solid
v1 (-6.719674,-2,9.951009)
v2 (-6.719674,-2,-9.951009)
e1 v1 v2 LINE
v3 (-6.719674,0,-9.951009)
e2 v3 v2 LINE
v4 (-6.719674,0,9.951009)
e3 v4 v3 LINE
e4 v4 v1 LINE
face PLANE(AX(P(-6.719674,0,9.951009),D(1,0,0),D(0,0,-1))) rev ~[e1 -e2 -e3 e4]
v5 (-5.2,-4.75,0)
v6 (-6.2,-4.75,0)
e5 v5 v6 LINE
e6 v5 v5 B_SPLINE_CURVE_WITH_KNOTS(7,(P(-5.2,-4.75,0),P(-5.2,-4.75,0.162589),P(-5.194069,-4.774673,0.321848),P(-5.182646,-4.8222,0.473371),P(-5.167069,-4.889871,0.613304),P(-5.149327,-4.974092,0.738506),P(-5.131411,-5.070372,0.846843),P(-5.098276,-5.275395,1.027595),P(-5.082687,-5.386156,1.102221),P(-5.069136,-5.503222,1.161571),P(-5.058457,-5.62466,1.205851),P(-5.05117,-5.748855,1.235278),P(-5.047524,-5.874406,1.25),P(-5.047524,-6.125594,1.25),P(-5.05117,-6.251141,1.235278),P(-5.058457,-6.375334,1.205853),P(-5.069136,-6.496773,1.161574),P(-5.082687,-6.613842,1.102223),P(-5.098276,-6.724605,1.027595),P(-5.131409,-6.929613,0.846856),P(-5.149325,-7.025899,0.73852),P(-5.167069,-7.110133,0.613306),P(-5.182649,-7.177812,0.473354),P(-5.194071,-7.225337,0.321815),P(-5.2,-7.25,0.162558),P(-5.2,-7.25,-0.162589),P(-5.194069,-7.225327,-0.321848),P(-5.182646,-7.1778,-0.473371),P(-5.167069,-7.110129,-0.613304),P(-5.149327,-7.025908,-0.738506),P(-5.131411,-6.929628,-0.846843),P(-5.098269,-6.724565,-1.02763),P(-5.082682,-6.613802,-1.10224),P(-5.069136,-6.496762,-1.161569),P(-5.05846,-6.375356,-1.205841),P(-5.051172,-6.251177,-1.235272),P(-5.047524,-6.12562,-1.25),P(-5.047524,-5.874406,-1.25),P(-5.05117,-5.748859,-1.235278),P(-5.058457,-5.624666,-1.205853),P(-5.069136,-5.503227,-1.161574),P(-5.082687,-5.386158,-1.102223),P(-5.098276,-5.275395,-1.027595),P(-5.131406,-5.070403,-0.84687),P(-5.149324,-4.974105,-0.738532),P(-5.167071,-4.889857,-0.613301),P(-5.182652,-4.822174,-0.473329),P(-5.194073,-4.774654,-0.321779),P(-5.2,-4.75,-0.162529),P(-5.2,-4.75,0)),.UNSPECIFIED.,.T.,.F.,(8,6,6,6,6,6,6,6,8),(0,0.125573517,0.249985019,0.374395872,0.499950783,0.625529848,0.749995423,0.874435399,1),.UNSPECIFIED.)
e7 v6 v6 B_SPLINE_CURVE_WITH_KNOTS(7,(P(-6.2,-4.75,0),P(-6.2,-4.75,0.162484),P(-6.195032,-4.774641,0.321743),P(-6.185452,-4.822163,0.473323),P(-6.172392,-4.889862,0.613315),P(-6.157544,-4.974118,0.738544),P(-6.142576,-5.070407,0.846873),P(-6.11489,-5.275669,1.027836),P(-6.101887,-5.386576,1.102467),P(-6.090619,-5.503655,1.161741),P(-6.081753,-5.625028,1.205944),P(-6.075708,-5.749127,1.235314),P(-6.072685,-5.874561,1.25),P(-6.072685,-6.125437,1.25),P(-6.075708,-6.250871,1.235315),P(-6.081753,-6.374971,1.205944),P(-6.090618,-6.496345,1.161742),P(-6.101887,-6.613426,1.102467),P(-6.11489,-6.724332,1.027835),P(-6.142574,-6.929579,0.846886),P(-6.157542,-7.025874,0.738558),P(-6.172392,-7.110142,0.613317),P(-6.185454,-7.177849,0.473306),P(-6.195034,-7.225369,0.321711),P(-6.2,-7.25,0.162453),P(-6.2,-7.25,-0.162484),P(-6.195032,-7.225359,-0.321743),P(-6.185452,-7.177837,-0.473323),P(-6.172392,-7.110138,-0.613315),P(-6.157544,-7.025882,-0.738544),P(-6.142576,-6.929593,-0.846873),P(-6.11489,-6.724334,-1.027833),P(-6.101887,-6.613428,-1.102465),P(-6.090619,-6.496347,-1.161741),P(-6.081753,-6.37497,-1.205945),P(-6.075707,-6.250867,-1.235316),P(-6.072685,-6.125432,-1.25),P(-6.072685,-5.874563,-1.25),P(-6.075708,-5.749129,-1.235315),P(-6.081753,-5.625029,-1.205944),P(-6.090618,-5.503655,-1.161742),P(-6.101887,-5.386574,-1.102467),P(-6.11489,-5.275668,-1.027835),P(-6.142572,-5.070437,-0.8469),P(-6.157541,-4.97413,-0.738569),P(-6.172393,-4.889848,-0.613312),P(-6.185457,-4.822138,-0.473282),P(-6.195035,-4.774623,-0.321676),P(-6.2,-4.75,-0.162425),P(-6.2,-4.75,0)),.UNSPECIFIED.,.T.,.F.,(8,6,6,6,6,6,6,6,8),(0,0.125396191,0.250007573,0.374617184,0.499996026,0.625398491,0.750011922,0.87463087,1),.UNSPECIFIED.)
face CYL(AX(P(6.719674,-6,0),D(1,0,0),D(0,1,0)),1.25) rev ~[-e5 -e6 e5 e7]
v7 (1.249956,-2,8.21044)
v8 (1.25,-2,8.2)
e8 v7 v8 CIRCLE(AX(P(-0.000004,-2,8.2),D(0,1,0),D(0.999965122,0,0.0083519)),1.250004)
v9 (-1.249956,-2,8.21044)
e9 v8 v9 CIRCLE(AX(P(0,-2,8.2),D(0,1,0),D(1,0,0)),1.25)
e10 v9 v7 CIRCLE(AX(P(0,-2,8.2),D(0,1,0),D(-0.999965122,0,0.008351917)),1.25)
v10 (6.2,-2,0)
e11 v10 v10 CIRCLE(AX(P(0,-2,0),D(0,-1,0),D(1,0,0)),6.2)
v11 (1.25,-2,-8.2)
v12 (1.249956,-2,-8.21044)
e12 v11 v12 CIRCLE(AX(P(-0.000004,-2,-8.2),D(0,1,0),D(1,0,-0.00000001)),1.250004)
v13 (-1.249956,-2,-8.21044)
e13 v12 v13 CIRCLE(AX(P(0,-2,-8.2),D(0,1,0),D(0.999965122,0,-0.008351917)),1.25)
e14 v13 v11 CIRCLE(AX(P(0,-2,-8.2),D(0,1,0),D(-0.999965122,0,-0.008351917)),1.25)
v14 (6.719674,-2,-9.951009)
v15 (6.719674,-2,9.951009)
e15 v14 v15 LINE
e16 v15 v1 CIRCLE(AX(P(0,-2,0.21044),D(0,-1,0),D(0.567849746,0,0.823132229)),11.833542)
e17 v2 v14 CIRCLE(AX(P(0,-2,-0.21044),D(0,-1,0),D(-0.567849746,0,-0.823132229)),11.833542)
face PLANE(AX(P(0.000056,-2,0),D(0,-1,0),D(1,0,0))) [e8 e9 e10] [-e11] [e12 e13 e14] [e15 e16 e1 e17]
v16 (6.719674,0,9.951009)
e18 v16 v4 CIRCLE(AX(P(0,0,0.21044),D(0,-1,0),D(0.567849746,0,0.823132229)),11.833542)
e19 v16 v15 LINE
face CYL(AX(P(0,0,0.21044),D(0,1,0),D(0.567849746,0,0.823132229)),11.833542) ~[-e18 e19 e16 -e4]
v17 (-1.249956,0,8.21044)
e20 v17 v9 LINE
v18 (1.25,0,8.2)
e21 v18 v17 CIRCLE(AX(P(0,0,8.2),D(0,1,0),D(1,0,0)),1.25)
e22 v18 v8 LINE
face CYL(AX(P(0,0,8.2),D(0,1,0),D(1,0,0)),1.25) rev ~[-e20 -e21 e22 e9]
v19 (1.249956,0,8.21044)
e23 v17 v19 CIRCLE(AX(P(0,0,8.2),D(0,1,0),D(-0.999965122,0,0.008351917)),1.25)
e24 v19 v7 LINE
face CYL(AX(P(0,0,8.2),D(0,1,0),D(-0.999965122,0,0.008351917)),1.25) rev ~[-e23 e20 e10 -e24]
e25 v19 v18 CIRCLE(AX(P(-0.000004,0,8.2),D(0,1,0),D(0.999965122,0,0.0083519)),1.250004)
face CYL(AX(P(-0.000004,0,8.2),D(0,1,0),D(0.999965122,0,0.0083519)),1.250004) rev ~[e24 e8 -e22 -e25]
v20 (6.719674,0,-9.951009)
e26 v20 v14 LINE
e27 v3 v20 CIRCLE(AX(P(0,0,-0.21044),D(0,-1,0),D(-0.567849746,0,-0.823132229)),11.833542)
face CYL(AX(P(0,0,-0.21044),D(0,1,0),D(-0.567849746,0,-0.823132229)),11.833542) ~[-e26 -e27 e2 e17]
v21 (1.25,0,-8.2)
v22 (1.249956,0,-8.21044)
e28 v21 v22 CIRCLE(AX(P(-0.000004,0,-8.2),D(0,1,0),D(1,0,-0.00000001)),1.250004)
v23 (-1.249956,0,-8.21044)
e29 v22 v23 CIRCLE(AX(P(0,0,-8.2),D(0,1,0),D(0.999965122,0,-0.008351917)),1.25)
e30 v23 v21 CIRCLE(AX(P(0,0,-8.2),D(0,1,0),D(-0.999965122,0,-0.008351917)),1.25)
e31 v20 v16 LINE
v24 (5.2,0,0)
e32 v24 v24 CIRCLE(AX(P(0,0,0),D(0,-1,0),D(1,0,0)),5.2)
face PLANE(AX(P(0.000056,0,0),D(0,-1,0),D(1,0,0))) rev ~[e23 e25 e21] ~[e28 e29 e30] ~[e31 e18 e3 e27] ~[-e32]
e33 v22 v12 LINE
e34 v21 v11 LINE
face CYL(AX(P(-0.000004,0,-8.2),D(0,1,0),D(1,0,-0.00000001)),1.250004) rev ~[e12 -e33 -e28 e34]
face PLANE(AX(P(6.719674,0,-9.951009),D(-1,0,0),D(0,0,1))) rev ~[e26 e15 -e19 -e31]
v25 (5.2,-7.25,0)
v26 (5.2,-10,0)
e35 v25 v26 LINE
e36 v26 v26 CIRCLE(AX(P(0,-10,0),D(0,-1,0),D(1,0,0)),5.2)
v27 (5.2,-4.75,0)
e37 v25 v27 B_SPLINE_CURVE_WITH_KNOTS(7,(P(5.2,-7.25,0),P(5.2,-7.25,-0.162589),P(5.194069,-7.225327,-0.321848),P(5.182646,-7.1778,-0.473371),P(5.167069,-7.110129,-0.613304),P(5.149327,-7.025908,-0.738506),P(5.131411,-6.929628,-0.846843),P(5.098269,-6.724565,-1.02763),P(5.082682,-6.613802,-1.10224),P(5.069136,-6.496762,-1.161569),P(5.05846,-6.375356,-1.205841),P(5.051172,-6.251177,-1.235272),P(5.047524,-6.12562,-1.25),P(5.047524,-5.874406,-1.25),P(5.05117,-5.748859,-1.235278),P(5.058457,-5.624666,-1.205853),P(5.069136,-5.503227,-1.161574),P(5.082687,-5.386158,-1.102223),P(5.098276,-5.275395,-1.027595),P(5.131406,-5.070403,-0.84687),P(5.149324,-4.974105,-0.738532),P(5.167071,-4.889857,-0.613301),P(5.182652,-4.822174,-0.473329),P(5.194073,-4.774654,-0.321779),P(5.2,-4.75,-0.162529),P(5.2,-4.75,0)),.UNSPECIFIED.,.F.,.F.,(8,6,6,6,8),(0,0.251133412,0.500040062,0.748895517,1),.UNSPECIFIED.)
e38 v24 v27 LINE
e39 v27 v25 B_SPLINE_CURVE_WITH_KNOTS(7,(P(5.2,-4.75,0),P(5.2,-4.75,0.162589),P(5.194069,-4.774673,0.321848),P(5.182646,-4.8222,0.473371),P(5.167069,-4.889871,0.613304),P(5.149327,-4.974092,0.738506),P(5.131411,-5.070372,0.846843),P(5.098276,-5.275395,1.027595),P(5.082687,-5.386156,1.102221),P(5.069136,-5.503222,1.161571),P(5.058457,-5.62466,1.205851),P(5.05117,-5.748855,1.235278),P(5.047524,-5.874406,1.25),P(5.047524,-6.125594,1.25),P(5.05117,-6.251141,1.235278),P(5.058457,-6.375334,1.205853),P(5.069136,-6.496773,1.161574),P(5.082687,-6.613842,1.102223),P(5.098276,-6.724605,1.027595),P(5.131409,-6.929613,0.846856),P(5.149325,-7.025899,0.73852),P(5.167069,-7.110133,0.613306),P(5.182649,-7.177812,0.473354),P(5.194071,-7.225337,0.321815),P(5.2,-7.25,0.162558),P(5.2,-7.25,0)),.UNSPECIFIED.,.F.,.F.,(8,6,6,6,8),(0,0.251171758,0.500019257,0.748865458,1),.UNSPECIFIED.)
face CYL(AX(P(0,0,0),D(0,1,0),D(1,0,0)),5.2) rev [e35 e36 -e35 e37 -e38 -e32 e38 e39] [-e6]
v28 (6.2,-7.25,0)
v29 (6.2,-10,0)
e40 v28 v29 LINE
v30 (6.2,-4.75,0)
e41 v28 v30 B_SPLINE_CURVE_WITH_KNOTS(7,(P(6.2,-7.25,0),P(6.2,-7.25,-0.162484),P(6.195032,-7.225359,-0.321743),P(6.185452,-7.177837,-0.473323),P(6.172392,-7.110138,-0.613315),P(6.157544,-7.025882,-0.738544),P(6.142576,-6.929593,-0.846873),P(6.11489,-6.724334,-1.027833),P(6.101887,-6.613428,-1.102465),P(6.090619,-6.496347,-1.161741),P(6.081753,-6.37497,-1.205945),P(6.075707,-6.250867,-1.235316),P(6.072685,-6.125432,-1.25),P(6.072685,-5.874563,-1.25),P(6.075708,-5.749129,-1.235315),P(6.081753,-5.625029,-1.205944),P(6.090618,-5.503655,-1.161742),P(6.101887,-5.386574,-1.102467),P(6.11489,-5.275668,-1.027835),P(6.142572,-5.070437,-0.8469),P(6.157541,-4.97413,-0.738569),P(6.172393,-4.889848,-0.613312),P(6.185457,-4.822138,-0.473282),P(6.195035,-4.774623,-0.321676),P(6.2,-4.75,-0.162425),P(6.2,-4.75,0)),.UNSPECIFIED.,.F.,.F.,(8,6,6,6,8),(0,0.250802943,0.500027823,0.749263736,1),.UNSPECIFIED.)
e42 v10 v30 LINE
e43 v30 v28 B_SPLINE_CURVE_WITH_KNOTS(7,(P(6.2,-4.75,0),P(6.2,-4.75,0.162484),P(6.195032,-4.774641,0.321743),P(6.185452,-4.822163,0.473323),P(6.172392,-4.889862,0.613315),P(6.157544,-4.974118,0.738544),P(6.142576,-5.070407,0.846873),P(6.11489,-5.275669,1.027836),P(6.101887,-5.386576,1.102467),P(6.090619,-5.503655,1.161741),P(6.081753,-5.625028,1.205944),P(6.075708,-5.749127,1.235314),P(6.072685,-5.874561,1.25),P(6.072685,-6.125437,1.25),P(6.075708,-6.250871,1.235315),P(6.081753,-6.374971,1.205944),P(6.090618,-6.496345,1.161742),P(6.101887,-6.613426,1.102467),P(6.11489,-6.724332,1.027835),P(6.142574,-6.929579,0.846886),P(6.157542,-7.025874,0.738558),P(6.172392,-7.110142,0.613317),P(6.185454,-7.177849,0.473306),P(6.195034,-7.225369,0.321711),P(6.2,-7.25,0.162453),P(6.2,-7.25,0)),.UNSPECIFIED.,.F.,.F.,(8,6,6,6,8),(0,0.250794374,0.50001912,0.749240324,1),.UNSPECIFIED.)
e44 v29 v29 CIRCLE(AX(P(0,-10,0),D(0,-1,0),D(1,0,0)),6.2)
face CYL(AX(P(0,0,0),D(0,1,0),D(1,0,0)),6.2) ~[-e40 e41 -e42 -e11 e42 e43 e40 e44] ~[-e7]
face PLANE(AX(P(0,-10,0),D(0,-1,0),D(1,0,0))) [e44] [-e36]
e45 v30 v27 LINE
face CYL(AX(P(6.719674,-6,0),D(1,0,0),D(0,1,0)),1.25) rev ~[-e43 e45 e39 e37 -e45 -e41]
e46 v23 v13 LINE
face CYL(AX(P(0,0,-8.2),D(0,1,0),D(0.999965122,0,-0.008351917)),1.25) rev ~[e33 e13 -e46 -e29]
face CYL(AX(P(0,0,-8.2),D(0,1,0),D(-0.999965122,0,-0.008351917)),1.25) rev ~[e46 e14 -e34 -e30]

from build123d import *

# Parameters (mm, degrees)
F0_R     = 6.2
F1_DEPTH = 2
F0_R_2   = 5.2
F2_DEPTH = 10
F3_R     = 1.25
F4_DEPTH = 15


with BuildPart() as f1:
    # F0 (on Front) → F1 (new body)
    with BuildSketch(Plane.XZ):
        with BuildLine():
            Line((1.2499564027, -8.2104398957), (6.7196736159, -8.2104398957))
            Line((6.7196736159, -8.2104398957), (6.7196736159, 8.2104398957))
            Line((6.7196736159, 8.2104398957), (1.2499564027, 8.2104398957))
            ThreePointArc((1.2499564027, 8.2104398957), (1.2499891006, 8.2052199934), (1.25, 8.2))
            ThreePointArc((1.25, 8.2), (-0.0052199934, 6.9500108994), (-1.2499564027, 8.2104398957))
            Line((-1.2499564027, 8.2104398957), (-6.7196736159, 8.2104398957))
            Line((-6.7196736159, 8.2104398957), (-6.7196736159, -8.2104398957))
            Line((-6.7196736159, -8.2104398957), (-1.2499564027, -8.2104398957))
            ThreePointArc((-1.2499564027, -8.2104398957), (-0.0052199934, -6.9500108994), (1.25, -8.2))
            ThreePointArc((1.25, -8.2), (1.2499891006, -8.2052199934), (1.2499564027, -8.2104398957))
        make_face()
        Circle(F0_R, mode=Mode.SUBTRACT)
        with BuildLine():
            Line((1.2499564027, 8.2104398957), (6.7196736159, 8.2104398957))
            Line((6.7196736159, 8.2104398957), (6.7196736159, 9.95100941))
            ThreePointArc((6.7196736159, 9.95100941), (0, 12.0439815451), (-6.7196736159, 9.95100941))
            Line((-6.7196736159, 9.95100941), (-6.7196736159, 8.2104398957))
            Line((-6.7196736159, 8.2104398957), (-1.2499564027, 8.2104398957))
            ThreePointArc((-1.2499564027, 8.2104398957), (0, 9.45), (1.2499564027, 8.2104398957))
        make_face()
        with BuildLine():
            Line((6.7196736159, -9.95100941), (6.7196736159, -8.2104398957))
            Line((6.7196736159, -8.2104398957), (1.2499564027, -8.2104398957))
            ThreePointArc((1.2499564027, -8.2104398957), (0, -9.45), (-1.2499564027, -8.2104398957))
            Line((-1.2499564027, -8.2104398957), (-6.7196736159, -8.2104398957))
            Line((-6.7196736159, -8.2104398957), (-6.7196736159, -9.95100941))
            ThreePointArc((-6.7196736159, -9.95100941), (0, -12.0439815451), (6.7196736159, -9.95100941))
        make_face()
    extrude(amount=F1_DEPTH)

    # F0 (on Front) → F2 (join)
    with BuildSketch(Plane.XZ):
        Circle(F0_R)
        Circle(F0_R_2, mode=Mode.SUBTRACT)
    extrude(amount=F2_DEPTH)

    # F3 (on face) → F4 (cut)
    with BuildSketch(Plane.YZ.offset(6.7196736159)):
        with Locations((-6, 0)):
            Circle(F3_R)
    extrude(amount=-F4_DEPTH, mode=Mode.SUBTRACT)


solid = f1.part
